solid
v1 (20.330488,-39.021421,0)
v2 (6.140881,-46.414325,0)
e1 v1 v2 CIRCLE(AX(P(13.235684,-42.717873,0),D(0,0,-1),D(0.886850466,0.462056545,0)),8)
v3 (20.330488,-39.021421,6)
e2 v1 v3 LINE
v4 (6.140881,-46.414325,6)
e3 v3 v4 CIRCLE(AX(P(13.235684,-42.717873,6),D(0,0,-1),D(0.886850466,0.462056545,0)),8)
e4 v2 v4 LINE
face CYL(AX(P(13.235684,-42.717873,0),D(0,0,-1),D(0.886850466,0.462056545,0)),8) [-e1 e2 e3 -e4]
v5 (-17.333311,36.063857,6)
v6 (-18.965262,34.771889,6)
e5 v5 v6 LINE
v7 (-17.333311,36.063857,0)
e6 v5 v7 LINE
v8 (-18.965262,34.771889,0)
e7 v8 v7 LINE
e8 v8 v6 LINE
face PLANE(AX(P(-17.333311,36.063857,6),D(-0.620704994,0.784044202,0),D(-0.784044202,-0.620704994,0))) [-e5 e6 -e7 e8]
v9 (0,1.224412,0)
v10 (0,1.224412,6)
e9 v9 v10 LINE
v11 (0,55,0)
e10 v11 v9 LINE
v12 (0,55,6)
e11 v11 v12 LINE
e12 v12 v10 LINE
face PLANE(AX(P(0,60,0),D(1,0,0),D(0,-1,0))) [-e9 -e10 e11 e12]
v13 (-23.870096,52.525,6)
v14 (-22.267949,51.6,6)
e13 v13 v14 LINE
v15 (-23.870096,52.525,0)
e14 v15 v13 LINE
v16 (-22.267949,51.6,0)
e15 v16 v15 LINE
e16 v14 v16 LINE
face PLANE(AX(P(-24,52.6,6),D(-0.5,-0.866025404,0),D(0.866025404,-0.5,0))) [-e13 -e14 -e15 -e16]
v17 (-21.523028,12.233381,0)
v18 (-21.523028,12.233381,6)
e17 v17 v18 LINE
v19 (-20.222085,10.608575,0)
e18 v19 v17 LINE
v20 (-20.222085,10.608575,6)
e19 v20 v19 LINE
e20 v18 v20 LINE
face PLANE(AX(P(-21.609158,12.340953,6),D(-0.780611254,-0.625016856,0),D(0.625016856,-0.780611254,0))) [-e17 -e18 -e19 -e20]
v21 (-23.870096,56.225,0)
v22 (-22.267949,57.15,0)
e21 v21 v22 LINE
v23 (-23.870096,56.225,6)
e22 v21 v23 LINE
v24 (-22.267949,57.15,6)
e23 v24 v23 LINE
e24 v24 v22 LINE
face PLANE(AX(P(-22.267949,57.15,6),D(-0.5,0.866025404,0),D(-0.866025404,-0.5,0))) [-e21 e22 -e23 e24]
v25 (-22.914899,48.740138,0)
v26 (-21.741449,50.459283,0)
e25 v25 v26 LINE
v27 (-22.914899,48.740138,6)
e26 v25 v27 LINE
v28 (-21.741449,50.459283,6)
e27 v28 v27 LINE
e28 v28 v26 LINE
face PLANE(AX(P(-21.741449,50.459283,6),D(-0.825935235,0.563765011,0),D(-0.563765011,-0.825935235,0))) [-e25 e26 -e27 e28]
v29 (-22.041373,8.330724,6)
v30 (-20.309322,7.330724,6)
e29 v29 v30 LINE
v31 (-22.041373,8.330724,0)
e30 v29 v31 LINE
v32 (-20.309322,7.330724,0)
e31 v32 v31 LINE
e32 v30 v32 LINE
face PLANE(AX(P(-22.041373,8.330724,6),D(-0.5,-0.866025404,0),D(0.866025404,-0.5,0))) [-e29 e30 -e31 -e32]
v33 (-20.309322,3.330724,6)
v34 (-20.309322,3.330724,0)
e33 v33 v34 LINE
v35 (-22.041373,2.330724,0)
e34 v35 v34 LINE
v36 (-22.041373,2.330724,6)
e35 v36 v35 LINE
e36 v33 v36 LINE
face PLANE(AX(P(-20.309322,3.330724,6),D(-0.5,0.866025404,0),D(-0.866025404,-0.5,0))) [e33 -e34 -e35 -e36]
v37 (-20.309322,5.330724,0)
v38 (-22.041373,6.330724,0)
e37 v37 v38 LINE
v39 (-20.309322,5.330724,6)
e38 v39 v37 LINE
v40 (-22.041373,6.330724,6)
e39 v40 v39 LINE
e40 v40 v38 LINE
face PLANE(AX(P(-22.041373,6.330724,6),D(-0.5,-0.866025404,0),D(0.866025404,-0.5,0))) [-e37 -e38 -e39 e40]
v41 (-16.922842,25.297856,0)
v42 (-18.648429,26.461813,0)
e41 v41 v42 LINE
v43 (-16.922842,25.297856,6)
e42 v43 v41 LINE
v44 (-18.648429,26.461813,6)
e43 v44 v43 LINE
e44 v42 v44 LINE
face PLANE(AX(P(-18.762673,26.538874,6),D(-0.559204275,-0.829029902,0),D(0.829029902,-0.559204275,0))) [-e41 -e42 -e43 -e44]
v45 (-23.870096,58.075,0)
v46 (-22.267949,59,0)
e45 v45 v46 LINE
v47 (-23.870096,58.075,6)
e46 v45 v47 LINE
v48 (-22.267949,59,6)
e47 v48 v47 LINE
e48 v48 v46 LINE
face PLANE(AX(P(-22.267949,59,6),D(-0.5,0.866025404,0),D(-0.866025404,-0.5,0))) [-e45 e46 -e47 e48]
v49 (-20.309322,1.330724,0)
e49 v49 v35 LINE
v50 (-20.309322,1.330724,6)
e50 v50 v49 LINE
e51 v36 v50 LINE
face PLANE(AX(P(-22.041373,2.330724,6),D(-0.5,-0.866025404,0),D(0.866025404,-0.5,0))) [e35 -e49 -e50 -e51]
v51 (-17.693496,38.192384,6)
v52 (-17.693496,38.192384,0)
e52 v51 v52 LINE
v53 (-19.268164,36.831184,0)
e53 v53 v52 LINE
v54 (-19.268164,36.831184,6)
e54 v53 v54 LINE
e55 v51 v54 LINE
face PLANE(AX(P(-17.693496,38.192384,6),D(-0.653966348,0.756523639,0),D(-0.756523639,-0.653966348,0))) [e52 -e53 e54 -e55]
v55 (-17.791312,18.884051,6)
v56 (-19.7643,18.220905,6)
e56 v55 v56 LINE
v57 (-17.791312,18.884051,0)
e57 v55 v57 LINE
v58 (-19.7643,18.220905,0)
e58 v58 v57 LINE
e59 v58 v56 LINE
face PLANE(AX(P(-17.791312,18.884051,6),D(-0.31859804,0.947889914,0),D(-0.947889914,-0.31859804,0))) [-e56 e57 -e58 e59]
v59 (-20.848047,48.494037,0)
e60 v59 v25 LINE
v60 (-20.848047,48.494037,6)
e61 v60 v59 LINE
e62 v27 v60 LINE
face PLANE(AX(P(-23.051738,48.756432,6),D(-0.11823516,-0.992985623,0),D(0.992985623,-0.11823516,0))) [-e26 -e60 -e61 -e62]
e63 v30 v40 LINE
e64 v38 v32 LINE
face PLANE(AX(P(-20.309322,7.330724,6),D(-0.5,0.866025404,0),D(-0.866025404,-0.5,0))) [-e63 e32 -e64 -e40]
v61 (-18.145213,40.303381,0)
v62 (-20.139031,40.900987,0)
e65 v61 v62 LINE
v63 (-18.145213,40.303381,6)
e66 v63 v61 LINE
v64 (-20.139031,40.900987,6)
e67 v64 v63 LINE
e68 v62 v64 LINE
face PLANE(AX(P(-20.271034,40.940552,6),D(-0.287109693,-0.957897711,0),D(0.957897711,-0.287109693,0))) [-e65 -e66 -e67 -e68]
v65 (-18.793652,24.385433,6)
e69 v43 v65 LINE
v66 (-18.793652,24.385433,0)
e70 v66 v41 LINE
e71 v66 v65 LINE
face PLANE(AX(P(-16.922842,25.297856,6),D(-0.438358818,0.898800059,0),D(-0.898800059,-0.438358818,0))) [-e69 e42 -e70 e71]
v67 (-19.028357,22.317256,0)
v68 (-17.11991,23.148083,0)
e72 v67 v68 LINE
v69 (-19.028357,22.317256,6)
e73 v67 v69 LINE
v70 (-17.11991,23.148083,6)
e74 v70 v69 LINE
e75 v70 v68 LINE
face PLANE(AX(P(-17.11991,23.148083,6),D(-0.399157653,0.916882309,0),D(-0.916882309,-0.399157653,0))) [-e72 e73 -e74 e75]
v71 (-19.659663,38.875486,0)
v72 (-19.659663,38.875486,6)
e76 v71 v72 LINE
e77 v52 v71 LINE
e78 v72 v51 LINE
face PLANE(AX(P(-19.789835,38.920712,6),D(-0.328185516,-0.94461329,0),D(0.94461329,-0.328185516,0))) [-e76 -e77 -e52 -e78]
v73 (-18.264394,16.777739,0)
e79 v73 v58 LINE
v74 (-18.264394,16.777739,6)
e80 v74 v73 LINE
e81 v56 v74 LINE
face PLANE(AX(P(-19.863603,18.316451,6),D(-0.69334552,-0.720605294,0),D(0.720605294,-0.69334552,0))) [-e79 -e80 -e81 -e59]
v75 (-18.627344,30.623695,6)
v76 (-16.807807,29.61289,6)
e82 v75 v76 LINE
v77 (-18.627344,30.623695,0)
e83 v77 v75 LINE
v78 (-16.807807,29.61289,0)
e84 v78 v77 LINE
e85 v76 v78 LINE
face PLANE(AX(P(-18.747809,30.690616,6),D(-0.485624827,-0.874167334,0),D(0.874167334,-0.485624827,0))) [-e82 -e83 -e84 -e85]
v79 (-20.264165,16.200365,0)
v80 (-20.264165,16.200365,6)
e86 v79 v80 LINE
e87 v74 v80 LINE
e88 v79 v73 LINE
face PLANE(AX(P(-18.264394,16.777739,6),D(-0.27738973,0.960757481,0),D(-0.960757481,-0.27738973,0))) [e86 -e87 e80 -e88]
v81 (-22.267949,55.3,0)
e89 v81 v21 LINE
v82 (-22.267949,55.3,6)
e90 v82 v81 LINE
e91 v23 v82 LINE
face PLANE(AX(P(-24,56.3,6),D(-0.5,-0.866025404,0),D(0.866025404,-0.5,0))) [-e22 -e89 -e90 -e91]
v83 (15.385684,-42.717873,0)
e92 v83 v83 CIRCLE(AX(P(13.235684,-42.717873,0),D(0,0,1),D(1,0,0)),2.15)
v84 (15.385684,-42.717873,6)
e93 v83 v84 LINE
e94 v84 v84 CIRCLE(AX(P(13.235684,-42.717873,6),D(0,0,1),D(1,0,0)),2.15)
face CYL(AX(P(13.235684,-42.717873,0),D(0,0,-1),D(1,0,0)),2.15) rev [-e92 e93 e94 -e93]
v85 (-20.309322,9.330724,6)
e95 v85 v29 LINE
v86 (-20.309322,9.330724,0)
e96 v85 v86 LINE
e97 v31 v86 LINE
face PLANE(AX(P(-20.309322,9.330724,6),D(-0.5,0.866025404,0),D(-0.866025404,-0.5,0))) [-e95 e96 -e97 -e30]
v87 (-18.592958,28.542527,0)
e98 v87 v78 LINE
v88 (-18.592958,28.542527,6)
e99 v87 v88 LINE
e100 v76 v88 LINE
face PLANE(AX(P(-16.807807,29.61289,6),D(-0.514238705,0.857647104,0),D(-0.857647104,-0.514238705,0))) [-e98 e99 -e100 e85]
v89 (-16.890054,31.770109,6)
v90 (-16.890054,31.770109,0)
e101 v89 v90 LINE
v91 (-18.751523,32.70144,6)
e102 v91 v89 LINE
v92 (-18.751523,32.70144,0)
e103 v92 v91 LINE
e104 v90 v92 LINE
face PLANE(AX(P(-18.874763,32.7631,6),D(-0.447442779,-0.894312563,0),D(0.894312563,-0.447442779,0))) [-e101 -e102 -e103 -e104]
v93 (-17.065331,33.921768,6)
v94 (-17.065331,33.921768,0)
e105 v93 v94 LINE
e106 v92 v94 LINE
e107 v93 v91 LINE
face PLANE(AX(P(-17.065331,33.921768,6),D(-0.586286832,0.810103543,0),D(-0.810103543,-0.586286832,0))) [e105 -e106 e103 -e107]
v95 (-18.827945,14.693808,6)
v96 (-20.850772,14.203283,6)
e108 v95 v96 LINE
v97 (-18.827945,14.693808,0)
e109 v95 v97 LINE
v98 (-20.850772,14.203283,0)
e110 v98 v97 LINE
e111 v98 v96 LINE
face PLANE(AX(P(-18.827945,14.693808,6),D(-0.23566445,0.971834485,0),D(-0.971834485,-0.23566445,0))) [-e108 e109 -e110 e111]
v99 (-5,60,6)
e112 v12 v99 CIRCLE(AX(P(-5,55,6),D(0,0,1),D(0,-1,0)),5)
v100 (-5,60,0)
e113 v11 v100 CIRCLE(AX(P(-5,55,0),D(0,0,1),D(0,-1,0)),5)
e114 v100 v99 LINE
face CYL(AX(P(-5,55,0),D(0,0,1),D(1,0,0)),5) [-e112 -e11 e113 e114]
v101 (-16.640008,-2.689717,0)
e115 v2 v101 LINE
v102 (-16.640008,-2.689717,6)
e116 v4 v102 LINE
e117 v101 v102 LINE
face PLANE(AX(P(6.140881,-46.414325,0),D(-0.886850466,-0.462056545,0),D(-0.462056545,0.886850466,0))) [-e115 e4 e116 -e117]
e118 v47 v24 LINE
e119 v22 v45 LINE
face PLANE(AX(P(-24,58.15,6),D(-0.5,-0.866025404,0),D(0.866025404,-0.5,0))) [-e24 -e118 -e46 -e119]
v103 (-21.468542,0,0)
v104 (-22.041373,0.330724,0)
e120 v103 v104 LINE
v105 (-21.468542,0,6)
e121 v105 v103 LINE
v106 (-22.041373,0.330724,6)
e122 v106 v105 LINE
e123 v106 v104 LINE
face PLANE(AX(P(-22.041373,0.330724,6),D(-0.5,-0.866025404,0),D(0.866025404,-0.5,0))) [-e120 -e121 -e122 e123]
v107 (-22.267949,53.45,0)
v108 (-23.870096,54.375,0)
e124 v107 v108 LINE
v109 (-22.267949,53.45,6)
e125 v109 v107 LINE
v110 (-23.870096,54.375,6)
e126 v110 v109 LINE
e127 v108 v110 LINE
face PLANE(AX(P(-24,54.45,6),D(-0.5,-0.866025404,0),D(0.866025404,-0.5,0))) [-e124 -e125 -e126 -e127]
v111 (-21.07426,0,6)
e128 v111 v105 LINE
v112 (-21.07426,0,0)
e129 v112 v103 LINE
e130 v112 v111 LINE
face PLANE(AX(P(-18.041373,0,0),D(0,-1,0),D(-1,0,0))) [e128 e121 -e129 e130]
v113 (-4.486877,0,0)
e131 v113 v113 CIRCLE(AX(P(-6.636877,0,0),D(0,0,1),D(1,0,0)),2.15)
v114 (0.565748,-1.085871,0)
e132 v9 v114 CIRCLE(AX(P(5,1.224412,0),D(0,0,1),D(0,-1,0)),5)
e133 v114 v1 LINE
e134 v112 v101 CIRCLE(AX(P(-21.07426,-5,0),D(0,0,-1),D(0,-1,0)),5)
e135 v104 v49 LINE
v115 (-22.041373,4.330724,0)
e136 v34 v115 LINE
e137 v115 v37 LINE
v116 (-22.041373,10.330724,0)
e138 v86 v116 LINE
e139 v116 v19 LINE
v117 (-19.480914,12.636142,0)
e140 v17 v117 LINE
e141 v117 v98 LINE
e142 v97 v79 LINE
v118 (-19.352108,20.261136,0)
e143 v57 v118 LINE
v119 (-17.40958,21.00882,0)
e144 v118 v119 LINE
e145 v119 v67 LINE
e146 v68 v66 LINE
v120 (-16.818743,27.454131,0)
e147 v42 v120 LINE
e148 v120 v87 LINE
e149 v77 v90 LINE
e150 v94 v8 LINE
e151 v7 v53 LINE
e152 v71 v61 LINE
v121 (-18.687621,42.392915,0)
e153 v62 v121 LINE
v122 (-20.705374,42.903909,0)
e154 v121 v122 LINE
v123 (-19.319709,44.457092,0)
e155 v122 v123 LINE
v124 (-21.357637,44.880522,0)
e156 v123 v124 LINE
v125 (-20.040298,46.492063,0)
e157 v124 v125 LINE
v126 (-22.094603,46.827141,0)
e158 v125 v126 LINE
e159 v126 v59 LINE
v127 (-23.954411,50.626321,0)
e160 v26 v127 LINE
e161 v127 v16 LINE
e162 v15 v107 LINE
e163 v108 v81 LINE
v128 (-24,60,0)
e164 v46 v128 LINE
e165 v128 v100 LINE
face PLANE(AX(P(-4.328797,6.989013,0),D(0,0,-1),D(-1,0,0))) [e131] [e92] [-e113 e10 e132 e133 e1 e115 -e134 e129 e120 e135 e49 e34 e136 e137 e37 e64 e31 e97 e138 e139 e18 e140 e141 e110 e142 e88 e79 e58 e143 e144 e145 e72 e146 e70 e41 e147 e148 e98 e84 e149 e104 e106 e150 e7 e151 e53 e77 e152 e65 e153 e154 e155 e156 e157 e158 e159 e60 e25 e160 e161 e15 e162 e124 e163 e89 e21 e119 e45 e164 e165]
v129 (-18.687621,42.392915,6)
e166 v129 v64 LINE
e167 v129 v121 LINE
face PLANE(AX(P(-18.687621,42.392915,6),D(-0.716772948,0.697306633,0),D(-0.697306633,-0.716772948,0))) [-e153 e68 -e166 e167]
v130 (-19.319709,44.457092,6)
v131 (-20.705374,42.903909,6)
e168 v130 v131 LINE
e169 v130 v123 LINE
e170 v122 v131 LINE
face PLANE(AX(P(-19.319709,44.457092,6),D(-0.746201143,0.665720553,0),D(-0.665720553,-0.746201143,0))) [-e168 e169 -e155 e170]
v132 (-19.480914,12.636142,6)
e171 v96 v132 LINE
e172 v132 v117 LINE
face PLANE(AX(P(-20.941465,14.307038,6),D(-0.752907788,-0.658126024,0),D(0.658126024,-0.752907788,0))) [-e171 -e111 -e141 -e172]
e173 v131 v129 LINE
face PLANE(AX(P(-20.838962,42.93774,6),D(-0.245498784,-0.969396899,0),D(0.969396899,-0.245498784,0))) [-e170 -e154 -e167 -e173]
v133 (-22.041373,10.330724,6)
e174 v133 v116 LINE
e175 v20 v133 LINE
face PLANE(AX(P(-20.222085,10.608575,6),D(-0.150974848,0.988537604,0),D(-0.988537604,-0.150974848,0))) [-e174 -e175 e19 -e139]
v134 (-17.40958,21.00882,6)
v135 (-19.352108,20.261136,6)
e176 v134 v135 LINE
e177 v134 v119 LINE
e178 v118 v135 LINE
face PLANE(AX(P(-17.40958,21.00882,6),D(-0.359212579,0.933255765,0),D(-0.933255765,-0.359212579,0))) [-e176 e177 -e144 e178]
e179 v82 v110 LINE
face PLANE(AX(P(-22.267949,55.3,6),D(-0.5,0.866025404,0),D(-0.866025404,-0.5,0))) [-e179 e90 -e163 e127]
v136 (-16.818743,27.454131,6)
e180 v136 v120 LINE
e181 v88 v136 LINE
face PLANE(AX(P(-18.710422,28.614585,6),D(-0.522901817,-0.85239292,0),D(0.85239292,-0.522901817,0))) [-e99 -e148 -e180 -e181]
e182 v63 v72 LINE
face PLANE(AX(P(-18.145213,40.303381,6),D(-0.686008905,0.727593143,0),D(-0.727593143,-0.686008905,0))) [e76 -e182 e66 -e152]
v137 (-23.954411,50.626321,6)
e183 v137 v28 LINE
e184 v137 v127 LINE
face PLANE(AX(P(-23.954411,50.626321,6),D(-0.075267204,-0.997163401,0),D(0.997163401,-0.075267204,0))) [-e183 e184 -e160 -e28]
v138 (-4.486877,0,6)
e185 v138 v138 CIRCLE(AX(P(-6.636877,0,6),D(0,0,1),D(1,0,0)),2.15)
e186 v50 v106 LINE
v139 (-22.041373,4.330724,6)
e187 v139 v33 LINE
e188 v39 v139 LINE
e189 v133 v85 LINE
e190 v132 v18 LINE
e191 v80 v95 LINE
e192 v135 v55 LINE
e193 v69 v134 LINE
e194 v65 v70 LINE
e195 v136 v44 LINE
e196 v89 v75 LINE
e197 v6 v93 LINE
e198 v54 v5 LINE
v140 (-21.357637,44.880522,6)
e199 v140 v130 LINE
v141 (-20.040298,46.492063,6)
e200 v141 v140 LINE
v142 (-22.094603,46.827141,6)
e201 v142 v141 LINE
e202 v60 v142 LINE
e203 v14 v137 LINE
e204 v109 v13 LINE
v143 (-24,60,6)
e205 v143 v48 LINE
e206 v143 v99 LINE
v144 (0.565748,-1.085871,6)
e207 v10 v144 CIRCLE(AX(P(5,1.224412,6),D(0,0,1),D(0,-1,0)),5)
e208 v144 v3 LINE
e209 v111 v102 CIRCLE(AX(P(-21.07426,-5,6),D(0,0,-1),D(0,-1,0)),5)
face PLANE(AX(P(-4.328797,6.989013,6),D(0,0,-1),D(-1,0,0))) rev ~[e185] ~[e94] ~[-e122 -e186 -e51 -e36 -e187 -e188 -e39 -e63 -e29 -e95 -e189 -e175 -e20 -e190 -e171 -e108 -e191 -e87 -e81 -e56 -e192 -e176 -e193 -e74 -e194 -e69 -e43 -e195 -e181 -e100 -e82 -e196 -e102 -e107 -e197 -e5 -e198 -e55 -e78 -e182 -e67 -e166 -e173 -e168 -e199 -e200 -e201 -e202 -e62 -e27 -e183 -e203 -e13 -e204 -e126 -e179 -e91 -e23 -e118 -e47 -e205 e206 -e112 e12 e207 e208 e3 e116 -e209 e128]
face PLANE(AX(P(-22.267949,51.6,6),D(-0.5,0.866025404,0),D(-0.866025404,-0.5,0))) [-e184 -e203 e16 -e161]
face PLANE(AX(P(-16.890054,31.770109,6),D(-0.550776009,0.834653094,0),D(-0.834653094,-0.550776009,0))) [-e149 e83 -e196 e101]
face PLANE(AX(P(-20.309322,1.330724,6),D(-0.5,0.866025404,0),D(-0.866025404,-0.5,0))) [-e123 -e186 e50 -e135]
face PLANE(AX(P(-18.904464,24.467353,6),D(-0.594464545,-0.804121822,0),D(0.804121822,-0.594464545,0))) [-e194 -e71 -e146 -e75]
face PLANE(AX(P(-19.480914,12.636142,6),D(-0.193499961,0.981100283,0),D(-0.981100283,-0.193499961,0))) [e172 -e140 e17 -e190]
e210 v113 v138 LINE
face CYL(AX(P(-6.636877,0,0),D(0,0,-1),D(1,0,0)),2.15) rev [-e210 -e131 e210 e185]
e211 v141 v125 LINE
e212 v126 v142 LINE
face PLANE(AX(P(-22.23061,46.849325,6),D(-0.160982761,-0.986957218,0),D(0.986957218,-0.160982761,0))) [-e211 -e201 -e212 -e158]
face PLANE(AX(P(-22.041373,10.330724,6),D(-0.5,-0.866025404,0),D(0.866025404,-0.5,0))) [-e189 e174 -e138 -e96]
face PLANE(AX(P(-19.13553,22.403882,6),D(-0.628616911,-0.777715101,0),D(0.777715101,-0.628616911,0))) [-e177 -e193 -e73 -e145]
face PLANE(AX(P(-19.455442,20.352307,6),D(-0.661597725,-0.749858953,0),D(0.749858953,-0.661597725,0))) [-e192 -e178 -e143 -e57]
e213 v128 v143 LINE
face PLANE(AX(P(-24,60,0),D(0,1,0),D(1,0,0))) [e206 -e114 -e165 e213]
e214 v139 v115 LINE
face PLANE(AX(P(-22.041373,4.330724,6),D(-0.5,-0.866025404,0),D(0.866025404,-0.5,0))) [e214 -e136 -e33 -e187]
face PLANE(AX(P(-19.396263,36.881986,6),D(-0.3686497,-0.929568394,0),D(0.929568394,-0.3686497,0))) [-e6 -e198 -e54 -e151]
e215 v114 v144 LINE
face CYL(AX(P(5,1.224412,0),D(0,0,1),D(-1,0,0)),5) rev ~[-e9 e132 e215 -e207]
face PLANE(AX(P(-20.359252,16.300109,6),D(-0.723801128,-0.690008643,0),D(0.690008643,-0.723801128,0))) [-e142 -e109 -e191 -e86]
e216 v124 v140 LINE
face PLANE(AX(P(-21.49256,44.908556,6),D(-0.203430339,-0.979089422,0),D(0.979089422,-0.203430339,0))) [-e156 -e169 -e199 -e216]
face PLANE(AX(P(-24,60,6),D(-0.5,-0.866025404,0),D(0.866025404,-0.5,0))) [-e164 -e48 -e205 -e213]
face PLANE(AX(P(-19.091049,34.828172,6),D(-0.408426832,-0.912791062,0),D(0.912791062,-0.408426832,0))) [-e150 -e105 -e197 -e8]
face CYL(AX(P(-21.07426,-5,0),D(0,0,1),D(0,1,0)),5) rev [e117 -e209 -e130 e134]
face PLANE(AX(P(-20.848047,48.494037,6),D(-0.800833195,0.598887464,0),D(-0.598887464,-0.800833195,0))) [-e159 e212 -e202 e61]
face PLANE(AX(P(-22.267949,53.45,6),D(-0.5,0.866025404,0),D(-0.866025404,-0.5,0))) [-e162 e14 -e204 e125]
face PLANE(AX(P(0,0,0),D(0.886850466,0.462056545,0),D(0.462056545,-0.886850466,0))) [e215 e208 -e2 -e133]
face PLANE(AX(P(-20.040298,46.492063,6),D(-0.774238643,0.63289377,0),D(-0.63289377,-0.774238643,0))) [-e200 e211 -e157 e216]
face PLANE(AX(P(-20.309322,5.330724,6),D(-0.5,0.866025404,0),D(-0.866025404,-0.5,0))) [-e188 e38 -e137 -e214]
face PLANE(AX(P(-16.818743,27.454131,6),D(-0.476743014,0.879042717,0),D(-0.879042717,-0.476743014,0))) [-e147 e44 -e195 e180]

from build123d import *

# Parameters (mm, degrees)
SKETCH1_R           = 2.15
BOSS_EXTRUDE1_DEPTH = 6
CUT_EXTRUDE1_DEPTH  = 65.899922958
LPATTERN1_COUNT     = 5
LPATTERN1_PITCH     = 1.85
FILLET1_R           = 5
CUT_EXTRUDE2_DEPTH  = 65.899922958
CIRPATTERN1_COUNT   = 20
CIRPATTERN1_ANGLE   = 47
CUT_EXTRUDE3_DEPTH  = 65.899922958
LPATTERN2_COUNT     = 8
LPATTERN2_PITCH     = 2


with BuildPart() as part:
    # Sketch1 → Boss-Extrude1 (new body)
    with BuildSketch(Plane.XY):
        with BuildLine():
            Line((0, 60), (0, 0))
            Line((0, 0), (20.330487993, -39.021420502))
            ThreePointArc((20.330487993, -39.021420502), (16.932136627, -49.812676592), (6.140880537, -46.414325226))
            Line((6.140880537, -46.414325226), (-18.041372942, 0))
            Line((-18.041372942, 0), (-22.041372942, 0))
            Line((-22.041372942, 0), (-22.041372942, 11.19846791))
            ThreePointArc((-22.041372942, 11.19846791), (-18.769082447, 31.167731967), (-24, 50.715542423))
            Line((-24, 50.715542423), (-24, 60))
            Line((-24, 60), (0, 60))
        make_face()
        with Locations((-6.63687696, 0)):
            Circle(SKETCH1_R, mode=Mode.SUBTRACT)
        with Locations((13.235684265, -42.717872864)):
            Circle(SKETCH1_R, mode=Mode.SUBTRACT)
    extrude(amount=BOSS_EXTRUDE1_DEPTH)

    # Sketch2 → Cut-Extrude1 (cut, through all)
    with BuildSketch(Plane.XY.offset(6)):
        Polygon((-24, 60), (-22.267949192, 59), (-24, 58), align=None)
    cut_extrude1 = extrude(amount=-CUT_EXTRUDE1_DEPTH, mode=Mode.SUBTRACT)

    # LPattern1: Cut-Extrude1 ×5
    with Locations(*[(0, -i * LPATTERN1_PITCH, 0) for i in range(1, LPATTERN1_COUNT)]):
        add(cut_extrude1, mode=Mode.SUBTRACT)

    # Fillet1
    fillet1_edges = [part.edges().sort_by_distance(p)[0] for p in [
        (0, 60, 3),
        (0, 0, 3),
        (-18.041372942, 0, 3),
    ]]
    fillet(fillet1_edges, radius=FILLET1_R)

    # Sketch3 → Cut-Extrude2 (cut, through all)
    with BuildSketch(Plane.XY.offset(6)):
        Polygon((-23.954411467, 50.626320552), (-21.741449412, 50.459283267), (-22.992588972, 48.626320552), align=None)
    cut_extrude2 = extrude(amount=-CUT_EXTRUDE2_DEPTH, mode=Mode.SUBTRACT)

    # CirPattern1: Cut-Extrude2 ×20 about axis
    cirpattern1_axis = Axis((-66.806944036, 28.78678002, 0), (0, 0, -1))
    for i in range(1, CIRPATTERN1_COUNT):
        add(cut_extrude2.rotate(cirpattern1_axis, i * CIRPATTERN1_ANGLE / (CIRPATTERN1_COUNT - 1)), mode=Mode.SUBTRACT)

    # Sketch4 → Cut-Extrude3 (cut, through all)
    with BuildSketch(Plane.XY.offset(6)):
        Polygon((-22.041372942, 10.33072384), (-20.309322134, 9.33072384), (-22.041372942, 8.33072384), align=None)
    cut_extrude3 = extrude(amount=-CUT_EXTRUDE3_DEPTH, mode=Mode.SUBTRACT)

    # LPattern2: Cut-Extrude3 ×8
    with Locations(*[(0, -i * LPATTERN2_PITCH, 0) for i in range(1, LPATTERN2_COUNT)]):
        add(cut_extrude3, mode=Mode.SUBTRACT)


solid = part.part
